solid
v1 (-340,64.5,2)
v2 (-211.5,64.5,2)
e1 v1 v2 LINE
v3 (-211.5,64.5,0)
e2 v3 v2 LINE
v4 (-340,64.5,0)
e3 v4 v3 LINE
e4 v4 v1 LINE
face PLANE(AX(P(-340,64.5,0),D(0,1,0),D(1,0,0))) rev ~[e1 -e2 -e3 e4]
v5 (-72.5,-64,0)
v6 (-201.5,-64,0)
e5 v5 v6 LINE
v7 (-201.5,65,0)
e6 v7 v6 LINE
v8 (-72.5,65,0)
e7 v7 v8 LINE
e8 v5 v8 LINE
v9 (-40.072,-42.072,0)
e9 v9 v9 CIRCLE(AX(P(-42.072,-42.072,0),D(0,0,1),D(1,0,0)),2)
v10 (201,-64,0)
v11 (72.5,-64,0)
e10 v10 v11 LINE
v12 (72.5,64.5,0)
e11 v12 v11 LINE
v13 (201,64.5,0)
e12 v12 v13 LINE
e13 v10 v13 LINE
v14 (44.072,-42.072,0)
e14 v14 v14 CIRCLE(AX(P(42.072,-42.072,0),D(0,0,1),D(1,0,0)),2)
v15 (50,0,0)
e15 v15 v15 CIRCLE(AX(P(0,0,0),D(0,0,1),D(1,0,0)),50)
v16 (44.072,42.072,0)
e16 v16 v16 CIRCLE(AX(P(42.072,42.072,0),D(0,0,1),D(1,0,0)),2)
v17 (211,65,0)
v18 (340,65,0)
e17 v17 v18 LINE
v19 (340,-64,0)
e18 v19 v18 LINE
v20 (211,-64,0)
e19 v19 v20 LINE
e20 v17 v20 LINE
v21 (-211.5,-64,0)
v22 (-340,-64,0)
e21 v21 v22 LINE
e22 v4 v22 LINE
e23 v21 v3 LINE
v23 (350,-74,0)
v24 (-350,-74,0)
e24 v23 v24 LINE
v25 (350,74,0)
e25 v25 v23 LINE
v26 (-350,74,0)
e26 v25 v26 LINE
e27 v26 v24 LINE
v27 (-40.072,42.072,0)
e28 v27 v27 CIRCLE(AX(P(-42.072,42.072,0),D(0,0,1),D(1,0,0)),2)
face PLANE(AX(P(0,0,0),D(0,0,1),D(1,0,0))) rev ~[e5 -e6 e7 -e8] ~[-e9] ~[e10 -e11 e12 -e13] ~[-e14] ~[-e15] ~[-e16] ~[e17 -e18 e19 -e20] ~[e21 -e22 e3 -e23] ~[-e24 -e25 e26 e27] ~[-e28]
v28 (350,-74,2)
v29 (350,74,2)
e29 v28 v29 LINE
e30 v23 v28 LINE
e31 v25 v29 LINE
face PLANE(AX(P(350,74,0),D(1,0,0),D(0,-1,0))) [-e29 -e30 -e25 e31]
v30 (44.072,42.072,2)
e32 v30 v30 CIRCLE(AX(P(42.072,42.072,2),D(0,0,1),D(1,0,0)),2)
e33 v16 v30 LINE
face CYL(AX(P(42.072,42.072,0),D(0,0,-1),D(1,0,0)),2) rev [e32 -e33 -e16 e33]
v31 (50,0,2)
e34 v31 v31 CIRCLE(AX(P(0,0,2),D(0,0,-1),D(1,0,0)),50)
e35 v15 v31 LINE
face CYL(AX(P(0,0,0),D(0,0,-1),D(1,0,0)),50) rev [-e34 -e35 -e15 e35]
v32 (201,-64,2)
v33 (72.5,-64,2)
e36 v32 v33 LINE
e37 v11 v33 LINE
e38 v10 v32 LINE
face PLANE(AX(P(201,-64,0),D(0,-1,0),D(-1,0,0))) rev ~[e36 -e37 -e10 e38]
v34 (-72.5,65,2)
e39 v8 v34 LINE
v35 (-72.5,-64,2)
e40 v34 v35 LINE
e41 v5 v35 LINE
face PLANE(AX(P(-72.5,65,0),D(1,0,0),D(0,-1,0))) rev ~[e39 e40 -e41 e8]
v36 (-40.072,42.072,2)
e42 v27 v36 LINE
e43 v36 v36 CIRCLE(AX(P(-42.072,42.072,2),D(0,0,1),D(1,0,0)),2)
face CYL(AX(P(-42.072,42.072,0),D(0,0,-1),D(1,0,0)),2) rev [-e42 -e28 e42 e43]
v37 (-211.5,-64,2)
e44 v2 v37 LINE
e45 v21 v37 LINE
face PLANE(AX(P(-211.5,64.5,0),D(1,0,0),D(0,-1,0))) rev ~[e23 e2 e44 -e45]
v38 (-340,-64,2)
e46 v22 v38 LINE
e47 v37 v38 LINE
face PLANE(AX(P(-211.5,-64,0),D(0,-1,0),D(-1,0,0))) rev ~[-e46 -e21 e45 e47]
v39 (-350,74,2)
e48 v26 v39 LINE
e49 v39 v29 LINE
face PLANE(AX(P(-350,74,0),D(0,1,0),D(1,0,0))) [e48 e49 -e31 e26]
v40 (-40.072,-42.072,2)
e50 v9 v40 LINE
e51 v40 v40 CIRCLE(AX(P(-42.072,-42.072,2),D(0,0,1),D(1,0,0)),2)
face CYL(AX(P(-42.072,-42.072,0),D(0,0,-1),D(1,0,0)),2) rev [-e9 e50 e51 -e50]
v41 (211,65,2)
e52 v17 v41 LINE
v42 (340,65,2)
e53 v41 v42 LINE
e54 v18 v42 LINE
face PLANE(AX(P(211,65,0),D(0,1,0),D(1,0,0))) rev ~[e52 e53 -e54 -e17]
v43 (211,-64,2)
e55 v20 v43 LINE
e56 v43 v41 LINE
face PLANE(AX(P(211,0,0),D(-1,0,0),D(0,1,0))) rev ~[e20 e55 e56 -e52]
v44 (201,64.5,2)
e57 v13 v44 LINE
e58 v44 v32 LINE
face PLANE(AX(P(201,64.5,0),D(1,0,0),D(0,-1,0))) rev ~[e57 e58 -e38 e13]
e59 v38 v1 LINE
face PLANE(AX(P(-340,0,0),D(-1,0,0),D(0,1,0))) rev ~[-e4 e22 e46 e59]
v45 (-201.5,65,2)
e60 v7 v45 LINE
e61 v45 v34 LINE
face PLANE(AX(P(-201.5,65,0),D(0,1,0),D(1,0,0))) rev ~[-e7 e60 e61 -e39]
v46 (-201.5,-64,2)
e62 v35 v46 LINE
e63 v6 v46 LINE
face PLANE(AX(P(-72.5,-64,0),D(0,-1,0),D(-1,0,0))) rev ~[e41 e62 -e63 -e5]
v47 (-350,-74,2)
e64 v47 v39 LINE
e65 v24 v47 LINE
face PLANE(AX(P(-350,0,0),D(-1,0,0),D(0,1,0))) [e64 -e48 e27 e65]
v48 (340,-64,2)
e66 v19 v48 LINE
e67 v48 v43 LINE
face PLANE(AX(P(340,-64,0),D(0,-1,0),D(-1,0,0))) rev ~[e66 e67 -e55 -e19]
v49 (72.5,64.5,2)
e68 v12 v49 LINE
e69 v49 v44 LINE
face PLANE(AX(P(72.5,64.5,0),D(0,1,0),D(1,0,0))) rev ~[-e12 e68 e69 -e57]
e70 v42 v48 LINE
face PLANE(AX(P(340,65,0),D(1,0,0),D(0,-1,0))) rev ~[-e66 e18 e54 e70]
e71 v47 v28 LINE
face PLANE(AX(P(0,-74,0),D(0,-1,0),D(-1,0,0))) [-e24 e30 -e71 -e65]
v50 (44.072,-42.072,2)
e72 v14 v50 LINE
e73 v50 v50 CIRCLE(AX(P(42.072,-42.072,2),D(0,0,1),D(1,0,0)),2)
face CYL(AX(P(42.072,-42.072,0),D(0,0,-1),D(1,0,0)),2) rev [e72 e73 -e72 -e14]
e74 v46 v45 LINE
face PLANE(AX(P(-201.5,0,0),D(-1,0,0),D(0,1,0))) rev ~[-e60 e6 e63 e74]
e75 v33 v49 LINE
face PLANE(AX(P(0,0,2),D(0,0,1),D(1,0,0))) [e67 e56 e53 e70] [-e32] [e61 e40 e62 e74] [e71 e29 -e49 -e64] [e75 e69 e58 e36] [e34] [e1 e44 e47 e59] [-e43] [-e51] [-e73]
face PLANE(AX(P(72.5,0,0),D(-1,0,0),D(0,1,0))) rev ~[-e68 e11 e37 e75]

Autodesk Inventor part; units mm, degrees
ref_plane "YZ Plane" through (0, 0, 0) normal (1, 0, 0) x (0, 1, 0)
ref_plane "XZ Plane" through (0, 0, 0) normal (0, 1, 0) x (-1, 0, 0)
ref_plane "XY Plane" through (0, 0, 0) normal (0, 0, 1) x (1, 0, 0)
sketch "스케치1" plane through (0, 0, 0) normal (0, 0, 1) x (1, 0, 0)
  line L0 (-350, 74) -> (350, 74)
  line L1 (350, 74) -> (350, -74)
  line L2 (350, -74) -> (-350, -74)
  line L3 (-350, -74) -> (-350, 74)
  line L4 (-340, 64.5) -> (-211.5, 64.5)
  line L5 (-211.5, 64.5) -> (-211.5, -64)
  line L6 (-211.5, -64) -> (-340, -64)
  line L7 (-340, -64) -> (-340, 64.5)
  line L8 (-201.5, 65) -> (-72.5, 65)
  line L9 (-72.5, 65) -> (-72.5, -64)
  line L10 (-72.5, -64) -> (-201.5, -64)
  line L11 (-201.5, -64) -> (-201.5, 65)
  line L12 (211, 65) -> (340, 65)
  line L13 (340, 65) -> (340, -64)
  line L14 (340, -64) -> (211, -64)
  line L15 (211, -64) -> (211, 65)
  line L16 (72.5, 64.5) -> (201, 64.5)
  line L17 (201, 64.5) -> (201, -64)
  line L18 (201, -64) -> (72.5, -64)
  line L19 (72.5, -64) -> (72.5, 64.5)
  circle A0 centre (0, 0) radius 50
  circle A1 centre (42.072, 42.072) radius 2
  circle A2 centre (-42.072, 42.072) radius 2
  circle A3 centre (-42.072, -42.072) radius 2
  circle A4 centre (42.072, -42.072) radius 2
  line L20 (-490, 0) -> (490, 0) projected
  line L21 (0, -103.6) -> (0, 103.6) projected
  point P0 (0, -74)
  point P1 (-72.5, 0.5)
  point P2 (-201.5, 0.5)
  point P3 (-137, -64)
  point P4 (-137, 65)
  point P5 (340, 0.5)
  point P6 (211, 0.5)
  point P7 (275.5, -64)
  point P8 (275.5, 65)
  point P9 (136.75, -64)
  point P10 (136.75, 64.5)
  point P11 (201, 0.25)
  point P12 (72.5, 0.25)
  dimension "d0" = 148
  dimension "d1" = 74
  dimension "d2" = 700
  dimension "d3" = 350
  dimension "d4" = 128.5
  dimension "d5" = 128.5
  dimension "d6" = 10
  dimension "d7" = 10
  dimension "d8" = 129
  dimension "d9" = 129
  dimension "d10" = 10
  dimension "d11" = 10
  dimension "d12" = 129
  dimension "d13" = 129
  dimension "d14" = 128.5
  dimension "d15" = 128.5
  dimension "d16" = 10
  dimension "d17" = 10
  dimension "d18" = 10
  dimension "d19" = 10
  dimension "d20" = 100
  dimension "d21" = 4
  dimension "d22" = 4
  dimension "d23" = 4
  dimension "d24" = 4
  dimension "d25" = 42.072
  dimension "d26" = 42.072
  dimension "d27" = 42.072
  dimension "d28" = 42.072
  dimension "d29" = 42.072
  dimension "d30" = 42.072
  dimension "d31" = 42.072
  dimension "d32" = 42.072
extrude "돌출3" add sketch "스케치1" along normal blind 2 contours L0 L21 A0 L20 L9 L8 L11 L5 L4 L7 L3 | L0 L1 L20 L13 L12 L15 L17 L16 L19 A0 L21 | L20 L7 L6 L5 L11 L10 L9 A0 L21 L2 L3 | L1 L2 L21 A0 L20 L19 L18 L17 L15 L14 L13
equation "\"d1\" = 0.5 * d0"
equation "\"d3\" = 0.5 * d2"
properties part number "가로로만"
